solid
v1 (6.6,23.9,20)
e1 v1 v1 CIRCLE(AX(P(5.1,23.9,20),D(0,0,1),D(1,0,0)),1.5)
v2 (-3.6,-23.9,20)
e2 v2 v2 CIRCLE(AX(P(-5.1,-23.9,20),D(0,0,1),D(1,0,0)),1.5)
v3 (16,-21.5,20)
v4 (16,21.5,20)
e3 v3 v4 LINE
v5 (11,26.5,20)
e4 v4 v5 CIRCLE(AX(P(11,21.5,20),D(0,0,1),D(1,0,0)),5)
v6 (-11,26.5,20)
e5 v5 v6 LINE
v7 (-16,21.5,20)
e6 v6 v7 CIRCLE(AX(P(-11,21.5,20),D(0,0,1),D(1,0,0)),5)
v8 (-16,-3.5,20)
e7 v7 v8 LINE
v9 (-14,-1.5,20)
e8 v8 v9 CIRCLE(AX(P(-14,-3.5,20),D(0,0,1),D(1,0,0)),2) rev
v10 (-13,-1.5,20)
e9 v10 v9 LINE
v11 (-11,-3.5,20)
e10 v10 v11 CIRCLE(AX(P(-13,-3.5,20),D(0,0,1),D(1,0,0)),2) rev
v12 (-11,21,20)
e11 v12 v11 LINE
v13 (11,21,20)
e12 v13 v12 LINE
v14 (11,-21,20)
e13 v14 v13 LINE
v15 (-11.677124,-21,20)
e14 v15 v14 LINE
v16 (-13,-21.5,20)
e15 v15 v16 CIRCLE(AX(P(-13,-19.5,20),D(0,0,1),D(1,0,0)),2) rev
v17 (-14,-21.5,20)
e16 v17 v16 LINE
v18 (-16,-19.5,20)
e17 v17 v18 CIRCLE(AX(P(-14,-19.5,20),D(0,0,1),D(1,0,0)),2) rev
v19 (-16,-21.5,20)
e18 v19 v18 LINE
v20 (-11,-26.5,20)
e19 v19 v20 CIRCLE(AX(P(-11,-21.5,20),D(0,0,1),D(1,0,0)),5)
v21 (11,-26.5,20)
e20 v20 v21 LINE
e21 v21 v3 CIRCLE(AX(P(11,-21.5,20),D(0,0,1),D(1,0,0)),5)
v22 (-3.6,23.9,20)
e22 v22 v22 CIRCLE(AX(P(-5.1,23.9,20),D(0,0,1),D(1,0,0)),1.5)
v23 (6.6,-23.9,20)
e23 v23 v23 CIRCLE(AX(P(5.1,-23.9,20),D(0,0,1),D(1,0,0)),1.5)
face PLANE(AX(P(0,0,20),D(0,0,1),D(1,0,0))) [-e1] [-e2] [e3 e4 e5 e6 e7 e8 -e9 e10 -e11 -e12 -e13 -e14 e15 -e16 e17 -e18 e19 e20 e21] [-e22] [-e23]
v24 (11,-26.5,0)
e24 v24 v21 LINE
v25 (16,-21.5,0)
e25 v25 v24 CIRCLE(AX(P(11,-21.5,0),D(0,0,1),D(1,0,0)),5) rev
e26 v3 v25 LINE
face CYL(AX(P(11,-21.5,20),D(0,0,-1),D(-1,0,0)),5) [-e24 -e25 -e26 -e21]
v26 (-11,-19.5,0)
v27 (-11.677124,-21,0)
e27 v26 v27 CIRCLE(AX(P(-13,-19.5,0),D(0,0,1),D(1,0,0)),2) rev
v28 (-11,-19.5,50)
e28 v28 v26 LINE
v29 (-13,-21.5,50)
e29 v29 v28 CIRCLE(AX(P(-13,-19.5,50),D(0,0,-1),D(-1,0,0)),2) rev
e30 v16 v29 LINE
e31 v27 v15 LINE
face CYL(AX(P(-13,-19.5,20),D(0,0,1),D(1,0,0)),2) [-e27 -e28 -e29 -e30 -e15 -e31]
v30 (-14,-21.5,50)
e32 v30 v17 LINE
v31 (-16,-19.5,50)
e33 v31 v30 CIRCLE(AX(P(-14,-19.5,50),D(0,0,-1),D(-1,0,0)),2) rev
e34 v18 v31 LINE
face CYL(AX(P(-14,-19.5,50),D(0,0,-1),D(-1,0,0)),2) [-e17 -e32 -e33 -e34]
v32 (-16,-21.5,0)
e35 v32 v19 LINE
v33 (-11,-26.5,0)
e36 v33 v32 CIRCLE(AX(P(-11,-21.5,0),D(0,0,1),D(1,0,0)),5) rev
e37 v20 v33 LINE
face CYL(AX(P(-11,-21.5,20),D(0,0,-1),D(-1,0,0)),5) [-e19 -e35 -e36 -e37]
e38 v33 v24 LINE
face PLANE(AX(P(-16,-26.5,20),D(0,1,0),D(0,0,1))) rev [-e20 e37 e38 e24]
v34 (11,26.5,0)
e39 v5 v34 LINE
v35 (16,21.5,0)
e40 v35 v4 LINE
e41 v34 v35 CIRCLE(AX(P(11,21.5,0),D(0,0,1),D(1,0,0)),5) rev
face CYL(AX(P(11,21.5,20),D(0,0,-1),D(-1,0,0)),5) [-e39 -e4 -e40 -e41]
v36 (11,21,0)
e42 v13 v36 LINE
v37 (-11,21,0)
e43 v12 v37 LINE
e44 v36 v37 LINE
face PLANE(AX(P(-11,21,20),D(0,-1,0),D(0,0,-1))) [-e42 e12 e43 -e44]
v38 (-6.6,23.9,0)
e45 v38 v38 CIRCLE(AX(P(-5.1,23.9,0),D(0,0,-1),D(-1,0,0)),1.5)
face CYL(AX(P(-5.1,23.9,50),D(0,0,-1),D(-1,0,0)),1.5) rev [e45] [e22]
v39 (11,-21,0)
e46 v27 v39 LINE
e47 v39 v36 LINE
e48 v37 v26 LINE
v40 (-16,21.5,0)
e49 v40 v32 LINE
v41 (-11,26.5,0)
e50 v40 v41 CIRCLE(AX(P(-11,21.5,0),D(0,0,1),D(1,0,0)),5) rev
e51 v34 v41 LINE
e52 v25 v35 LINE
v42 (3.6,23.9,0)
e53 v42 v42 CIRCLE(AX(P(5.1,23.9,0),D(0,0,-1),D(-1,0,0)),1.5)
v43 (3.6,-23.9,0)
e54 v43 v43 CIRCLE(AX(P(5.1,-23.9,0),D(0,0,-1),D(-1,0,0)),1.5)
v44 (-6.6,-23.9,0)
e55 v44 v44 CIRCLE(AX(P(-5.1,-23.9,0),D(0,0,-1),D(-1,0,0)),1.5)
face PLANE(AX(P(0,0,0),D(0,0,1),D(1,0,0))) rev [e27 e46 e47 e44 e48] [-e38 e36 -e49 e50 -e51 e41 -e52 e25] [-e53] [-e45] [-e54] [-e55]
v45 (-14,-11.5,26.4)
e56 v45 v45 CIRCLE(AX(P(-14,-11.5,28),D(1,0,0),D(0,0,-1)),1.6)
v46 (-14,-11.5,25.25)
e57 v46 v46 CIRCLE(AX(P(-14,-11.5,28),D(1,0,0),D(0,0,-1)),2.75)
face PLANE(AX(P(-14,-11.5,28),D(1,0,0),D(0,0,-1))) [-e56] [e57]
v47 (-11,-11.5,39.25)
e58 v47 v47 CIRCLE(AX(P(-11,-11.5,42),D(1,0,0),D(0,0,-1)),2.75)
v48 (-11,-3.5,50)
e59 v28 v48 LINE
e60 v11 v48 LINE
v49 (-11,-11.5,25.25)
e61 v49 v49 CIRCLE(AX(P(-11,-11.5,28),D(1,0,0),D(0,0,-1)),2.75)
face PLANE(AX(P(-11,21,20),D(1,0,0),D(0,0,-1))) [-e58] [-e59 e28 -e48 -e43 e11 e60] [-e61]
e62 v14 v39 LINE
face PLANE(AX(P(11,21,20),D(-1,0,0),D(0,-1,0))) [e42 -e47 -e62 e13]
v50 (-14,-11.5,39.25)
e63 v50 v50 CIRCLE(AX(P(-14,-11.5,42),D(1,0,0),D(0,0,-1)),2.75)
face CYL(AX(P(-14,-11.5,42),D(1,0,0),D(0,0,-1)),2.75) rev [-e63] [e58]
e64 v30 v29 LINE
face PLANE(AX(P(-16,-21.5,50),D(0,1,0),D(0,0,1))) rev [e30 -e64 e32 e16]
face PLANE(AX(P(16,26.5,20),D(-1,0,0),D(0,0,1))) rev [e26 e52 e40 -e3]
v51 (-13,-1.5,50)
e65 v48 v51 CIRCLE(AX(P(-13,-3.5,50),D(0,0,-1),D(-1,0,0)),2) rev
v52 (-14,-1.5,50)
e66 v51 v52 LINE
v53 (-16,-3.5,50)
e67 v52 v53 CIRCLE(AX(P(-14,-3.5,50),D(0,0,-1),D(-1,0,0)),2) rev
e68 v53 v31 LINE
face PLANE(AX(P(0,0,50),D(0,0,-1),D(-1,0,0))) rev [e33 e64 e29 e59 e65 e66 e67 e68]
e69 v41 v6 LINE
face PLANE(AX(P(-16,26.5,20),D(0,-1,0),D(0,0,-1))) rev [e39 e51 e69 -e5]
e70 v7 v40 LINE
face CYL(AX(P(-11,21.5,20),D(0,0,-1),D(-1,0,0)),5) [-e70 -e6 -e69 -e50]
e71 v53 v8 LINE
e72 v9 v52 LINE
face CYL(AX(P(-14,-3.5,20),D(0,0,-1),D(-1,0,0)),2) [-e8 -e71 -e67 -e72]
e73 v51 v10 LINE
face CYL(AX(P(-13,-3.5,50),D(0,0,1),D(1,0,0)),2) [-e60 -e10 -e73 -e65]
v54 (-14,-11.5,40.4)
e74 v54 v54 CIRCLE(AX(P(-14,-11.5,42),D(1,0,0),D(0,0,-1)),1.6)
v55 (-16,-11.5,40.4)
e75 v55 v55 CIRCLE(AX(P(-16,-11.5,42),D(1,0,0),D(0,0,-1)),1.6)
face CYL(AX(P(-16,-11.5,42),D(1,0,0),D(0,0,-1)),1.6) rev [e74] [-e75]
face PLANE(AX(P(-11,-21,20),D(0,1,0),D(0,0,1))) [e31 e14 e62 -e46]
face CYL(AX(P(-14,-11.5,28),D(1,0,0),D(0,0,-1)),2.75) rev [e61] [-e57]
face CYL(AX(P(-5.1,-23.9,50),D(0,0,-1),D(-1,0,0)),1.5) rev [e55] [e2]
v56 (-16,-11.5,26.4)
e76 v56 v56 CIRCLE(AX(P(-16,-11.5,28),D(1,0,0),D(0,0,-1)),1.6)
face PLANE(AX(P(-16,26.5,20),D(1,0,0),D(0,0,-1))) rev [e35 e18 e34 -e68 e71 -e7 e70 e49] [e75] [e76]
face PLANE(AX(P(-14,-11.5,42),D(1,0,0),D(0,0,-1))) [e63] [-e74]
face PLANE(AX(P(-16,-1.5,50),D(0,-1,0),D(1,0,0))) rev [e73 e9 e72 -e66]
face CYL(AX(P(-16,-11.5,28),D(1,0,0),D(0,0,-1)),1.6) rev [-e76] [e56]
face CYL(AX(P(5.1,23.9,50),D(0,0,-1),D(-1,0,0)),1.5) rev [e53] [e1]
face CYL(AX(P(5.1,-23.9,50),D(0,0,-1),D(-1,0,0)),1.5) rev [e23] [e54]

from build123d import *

# Parameters (mm, degrees)
SKETCH1_W           = 32
SKETCH1_H           = 53
SKETCH1_W_2         = 22
SKETCH1_H_2         = 42
BOSS_EXTRUDE1_DEPTH = 20
SKETCH2_W           = 5
SKETCH2_H           = 20
BOSS_EXTRUDE2_DEPTH = 30
SKETCH3_R           = 2.75
SKETCH3_R_2         = 1.6
CUT_EXTRUDE1_DEPTH  = 3
SKETCH3_2_R         = 1.6
CUT_EXTRUDE2_DEPTH  = 63.69968102
SKETCH4_R           = 1.5
CUT_EXTRUDE3_DEPTH  = 59.806887352
FILLET1_R           = 5
FILLET2_R           = 2


with BuildPart() as part:
    # Sketch1 → Boss-Extrude1 (new body)
    with BuildSketch(Plane.XY):
        Rectangle(SKETCH1_W, SKETCH1_H)
        Rectangle(SKETCH1_W_2, SKETCH1_H_2, mode=Mode.SUBTRACT)
    extrude(amount=BOSS_EXTRUDE1_DEPTH)

    # Sketch2 → Boss-Extrude2 (add)
    with BuildSketch(Plane.XY.offset(20)):
        with Locations((-13.5, -11.5)):
            Rectangle(SKETCH2_W, SKETCH2_H)
    extrude(amount=BOSS_EXTRUDE2_DEPTH)

    # Sketch3 → Cut-Extrude1 (cut)
    # profile 1 of 2: a face of its own
    with BuildSketch(Plane(origin=(-11, 0, 0), x_dir=(0, 0, -1), z_dir=(1, 0, 0))):
        with Locations((-42, -11.5)):
            Circle(SKETCH3_R)
        with Locations((-42, -11.5)):
            Circle(SKETCH3_R_2, mode=Mode.SUBTRACT)
    # profile 2 of 2: a face of its own
    with BuildSketch(Plane(origin=(-11, 0, 0), x_dir=(0, 0, -1), z_dir=(1, 0, 0))):
        with Locations((-28, -11.5)):
            Circle(SKETCH3_R)
        with Locations((-28, -11.5)):
            Circle(SKETCH3_R_2, mode=Mode.SUBTRACT)
    extrude(amount=-CUT_EXTRUDE1_DEPTH, mode=Mode.SUBTRACT)

    # Sketch3<2> → Cut-Extrude2 (cut, through all)
    with BuildSketch(Plane(origin=(-11, 0, 0), x_dir=(0, 0, -1), z_dir=(1, 0, 0))):
        with Locations((-42, -11.5)):
            Circle(SKETCH3_2_R)
        with Locations((-28, -11.5)):
            Circle(SKETCH3_2_R)
    extrude(amount=-CUT_EXTRUDE2_DEPTH, mode=Mode.SUBTRACT)

    # Sketch4 → Cut-Extrude3 (cut, through all)
    with BuildSketch(Plane(origin=(0, 0, 0), x_dir=(-1, 0, 0), z_dir=(0, 0, -1))):
        with Locations((-5.1, -23.9)):
            Circle(SKETCH4_R)
        with Locations((5.1, -23.9)):
            Circle(SKETCH4_R)
        with Locations((-5.1, 23.9)):
            Circle(SKETCH4_R)
        with Locations((5.1, 23.9)):
            Circle(SKETCH4_R)
    extrude(amount=-CUT_EXTRUDE3_DEPTH, mode=Mode.SUBTRACT)

    # Fillet1
    fillet1_edges = [part.edges().sort_by_distance(p)[0] for p in [
        (16, -26.5, 10),
        (-16, -26.5, 10),
        (-16, 26.5, 10),
        (16, 26.5, 10),
    ]]
    fillet(fillet1_edges, radius=FILLET1_R)

    # Fillet2
    fillet2_edges = [part.edges().sort_by_distance(p)[0] for p in [
        (-16, -1.5, 35),
        (-16, -21.5, 35),
        (-11, -1.5, 35),
        (-11, -21.5, 35),
    ]]
    fillet(fillet2_edges, radius=FILLET2_R)


solid = part.part
